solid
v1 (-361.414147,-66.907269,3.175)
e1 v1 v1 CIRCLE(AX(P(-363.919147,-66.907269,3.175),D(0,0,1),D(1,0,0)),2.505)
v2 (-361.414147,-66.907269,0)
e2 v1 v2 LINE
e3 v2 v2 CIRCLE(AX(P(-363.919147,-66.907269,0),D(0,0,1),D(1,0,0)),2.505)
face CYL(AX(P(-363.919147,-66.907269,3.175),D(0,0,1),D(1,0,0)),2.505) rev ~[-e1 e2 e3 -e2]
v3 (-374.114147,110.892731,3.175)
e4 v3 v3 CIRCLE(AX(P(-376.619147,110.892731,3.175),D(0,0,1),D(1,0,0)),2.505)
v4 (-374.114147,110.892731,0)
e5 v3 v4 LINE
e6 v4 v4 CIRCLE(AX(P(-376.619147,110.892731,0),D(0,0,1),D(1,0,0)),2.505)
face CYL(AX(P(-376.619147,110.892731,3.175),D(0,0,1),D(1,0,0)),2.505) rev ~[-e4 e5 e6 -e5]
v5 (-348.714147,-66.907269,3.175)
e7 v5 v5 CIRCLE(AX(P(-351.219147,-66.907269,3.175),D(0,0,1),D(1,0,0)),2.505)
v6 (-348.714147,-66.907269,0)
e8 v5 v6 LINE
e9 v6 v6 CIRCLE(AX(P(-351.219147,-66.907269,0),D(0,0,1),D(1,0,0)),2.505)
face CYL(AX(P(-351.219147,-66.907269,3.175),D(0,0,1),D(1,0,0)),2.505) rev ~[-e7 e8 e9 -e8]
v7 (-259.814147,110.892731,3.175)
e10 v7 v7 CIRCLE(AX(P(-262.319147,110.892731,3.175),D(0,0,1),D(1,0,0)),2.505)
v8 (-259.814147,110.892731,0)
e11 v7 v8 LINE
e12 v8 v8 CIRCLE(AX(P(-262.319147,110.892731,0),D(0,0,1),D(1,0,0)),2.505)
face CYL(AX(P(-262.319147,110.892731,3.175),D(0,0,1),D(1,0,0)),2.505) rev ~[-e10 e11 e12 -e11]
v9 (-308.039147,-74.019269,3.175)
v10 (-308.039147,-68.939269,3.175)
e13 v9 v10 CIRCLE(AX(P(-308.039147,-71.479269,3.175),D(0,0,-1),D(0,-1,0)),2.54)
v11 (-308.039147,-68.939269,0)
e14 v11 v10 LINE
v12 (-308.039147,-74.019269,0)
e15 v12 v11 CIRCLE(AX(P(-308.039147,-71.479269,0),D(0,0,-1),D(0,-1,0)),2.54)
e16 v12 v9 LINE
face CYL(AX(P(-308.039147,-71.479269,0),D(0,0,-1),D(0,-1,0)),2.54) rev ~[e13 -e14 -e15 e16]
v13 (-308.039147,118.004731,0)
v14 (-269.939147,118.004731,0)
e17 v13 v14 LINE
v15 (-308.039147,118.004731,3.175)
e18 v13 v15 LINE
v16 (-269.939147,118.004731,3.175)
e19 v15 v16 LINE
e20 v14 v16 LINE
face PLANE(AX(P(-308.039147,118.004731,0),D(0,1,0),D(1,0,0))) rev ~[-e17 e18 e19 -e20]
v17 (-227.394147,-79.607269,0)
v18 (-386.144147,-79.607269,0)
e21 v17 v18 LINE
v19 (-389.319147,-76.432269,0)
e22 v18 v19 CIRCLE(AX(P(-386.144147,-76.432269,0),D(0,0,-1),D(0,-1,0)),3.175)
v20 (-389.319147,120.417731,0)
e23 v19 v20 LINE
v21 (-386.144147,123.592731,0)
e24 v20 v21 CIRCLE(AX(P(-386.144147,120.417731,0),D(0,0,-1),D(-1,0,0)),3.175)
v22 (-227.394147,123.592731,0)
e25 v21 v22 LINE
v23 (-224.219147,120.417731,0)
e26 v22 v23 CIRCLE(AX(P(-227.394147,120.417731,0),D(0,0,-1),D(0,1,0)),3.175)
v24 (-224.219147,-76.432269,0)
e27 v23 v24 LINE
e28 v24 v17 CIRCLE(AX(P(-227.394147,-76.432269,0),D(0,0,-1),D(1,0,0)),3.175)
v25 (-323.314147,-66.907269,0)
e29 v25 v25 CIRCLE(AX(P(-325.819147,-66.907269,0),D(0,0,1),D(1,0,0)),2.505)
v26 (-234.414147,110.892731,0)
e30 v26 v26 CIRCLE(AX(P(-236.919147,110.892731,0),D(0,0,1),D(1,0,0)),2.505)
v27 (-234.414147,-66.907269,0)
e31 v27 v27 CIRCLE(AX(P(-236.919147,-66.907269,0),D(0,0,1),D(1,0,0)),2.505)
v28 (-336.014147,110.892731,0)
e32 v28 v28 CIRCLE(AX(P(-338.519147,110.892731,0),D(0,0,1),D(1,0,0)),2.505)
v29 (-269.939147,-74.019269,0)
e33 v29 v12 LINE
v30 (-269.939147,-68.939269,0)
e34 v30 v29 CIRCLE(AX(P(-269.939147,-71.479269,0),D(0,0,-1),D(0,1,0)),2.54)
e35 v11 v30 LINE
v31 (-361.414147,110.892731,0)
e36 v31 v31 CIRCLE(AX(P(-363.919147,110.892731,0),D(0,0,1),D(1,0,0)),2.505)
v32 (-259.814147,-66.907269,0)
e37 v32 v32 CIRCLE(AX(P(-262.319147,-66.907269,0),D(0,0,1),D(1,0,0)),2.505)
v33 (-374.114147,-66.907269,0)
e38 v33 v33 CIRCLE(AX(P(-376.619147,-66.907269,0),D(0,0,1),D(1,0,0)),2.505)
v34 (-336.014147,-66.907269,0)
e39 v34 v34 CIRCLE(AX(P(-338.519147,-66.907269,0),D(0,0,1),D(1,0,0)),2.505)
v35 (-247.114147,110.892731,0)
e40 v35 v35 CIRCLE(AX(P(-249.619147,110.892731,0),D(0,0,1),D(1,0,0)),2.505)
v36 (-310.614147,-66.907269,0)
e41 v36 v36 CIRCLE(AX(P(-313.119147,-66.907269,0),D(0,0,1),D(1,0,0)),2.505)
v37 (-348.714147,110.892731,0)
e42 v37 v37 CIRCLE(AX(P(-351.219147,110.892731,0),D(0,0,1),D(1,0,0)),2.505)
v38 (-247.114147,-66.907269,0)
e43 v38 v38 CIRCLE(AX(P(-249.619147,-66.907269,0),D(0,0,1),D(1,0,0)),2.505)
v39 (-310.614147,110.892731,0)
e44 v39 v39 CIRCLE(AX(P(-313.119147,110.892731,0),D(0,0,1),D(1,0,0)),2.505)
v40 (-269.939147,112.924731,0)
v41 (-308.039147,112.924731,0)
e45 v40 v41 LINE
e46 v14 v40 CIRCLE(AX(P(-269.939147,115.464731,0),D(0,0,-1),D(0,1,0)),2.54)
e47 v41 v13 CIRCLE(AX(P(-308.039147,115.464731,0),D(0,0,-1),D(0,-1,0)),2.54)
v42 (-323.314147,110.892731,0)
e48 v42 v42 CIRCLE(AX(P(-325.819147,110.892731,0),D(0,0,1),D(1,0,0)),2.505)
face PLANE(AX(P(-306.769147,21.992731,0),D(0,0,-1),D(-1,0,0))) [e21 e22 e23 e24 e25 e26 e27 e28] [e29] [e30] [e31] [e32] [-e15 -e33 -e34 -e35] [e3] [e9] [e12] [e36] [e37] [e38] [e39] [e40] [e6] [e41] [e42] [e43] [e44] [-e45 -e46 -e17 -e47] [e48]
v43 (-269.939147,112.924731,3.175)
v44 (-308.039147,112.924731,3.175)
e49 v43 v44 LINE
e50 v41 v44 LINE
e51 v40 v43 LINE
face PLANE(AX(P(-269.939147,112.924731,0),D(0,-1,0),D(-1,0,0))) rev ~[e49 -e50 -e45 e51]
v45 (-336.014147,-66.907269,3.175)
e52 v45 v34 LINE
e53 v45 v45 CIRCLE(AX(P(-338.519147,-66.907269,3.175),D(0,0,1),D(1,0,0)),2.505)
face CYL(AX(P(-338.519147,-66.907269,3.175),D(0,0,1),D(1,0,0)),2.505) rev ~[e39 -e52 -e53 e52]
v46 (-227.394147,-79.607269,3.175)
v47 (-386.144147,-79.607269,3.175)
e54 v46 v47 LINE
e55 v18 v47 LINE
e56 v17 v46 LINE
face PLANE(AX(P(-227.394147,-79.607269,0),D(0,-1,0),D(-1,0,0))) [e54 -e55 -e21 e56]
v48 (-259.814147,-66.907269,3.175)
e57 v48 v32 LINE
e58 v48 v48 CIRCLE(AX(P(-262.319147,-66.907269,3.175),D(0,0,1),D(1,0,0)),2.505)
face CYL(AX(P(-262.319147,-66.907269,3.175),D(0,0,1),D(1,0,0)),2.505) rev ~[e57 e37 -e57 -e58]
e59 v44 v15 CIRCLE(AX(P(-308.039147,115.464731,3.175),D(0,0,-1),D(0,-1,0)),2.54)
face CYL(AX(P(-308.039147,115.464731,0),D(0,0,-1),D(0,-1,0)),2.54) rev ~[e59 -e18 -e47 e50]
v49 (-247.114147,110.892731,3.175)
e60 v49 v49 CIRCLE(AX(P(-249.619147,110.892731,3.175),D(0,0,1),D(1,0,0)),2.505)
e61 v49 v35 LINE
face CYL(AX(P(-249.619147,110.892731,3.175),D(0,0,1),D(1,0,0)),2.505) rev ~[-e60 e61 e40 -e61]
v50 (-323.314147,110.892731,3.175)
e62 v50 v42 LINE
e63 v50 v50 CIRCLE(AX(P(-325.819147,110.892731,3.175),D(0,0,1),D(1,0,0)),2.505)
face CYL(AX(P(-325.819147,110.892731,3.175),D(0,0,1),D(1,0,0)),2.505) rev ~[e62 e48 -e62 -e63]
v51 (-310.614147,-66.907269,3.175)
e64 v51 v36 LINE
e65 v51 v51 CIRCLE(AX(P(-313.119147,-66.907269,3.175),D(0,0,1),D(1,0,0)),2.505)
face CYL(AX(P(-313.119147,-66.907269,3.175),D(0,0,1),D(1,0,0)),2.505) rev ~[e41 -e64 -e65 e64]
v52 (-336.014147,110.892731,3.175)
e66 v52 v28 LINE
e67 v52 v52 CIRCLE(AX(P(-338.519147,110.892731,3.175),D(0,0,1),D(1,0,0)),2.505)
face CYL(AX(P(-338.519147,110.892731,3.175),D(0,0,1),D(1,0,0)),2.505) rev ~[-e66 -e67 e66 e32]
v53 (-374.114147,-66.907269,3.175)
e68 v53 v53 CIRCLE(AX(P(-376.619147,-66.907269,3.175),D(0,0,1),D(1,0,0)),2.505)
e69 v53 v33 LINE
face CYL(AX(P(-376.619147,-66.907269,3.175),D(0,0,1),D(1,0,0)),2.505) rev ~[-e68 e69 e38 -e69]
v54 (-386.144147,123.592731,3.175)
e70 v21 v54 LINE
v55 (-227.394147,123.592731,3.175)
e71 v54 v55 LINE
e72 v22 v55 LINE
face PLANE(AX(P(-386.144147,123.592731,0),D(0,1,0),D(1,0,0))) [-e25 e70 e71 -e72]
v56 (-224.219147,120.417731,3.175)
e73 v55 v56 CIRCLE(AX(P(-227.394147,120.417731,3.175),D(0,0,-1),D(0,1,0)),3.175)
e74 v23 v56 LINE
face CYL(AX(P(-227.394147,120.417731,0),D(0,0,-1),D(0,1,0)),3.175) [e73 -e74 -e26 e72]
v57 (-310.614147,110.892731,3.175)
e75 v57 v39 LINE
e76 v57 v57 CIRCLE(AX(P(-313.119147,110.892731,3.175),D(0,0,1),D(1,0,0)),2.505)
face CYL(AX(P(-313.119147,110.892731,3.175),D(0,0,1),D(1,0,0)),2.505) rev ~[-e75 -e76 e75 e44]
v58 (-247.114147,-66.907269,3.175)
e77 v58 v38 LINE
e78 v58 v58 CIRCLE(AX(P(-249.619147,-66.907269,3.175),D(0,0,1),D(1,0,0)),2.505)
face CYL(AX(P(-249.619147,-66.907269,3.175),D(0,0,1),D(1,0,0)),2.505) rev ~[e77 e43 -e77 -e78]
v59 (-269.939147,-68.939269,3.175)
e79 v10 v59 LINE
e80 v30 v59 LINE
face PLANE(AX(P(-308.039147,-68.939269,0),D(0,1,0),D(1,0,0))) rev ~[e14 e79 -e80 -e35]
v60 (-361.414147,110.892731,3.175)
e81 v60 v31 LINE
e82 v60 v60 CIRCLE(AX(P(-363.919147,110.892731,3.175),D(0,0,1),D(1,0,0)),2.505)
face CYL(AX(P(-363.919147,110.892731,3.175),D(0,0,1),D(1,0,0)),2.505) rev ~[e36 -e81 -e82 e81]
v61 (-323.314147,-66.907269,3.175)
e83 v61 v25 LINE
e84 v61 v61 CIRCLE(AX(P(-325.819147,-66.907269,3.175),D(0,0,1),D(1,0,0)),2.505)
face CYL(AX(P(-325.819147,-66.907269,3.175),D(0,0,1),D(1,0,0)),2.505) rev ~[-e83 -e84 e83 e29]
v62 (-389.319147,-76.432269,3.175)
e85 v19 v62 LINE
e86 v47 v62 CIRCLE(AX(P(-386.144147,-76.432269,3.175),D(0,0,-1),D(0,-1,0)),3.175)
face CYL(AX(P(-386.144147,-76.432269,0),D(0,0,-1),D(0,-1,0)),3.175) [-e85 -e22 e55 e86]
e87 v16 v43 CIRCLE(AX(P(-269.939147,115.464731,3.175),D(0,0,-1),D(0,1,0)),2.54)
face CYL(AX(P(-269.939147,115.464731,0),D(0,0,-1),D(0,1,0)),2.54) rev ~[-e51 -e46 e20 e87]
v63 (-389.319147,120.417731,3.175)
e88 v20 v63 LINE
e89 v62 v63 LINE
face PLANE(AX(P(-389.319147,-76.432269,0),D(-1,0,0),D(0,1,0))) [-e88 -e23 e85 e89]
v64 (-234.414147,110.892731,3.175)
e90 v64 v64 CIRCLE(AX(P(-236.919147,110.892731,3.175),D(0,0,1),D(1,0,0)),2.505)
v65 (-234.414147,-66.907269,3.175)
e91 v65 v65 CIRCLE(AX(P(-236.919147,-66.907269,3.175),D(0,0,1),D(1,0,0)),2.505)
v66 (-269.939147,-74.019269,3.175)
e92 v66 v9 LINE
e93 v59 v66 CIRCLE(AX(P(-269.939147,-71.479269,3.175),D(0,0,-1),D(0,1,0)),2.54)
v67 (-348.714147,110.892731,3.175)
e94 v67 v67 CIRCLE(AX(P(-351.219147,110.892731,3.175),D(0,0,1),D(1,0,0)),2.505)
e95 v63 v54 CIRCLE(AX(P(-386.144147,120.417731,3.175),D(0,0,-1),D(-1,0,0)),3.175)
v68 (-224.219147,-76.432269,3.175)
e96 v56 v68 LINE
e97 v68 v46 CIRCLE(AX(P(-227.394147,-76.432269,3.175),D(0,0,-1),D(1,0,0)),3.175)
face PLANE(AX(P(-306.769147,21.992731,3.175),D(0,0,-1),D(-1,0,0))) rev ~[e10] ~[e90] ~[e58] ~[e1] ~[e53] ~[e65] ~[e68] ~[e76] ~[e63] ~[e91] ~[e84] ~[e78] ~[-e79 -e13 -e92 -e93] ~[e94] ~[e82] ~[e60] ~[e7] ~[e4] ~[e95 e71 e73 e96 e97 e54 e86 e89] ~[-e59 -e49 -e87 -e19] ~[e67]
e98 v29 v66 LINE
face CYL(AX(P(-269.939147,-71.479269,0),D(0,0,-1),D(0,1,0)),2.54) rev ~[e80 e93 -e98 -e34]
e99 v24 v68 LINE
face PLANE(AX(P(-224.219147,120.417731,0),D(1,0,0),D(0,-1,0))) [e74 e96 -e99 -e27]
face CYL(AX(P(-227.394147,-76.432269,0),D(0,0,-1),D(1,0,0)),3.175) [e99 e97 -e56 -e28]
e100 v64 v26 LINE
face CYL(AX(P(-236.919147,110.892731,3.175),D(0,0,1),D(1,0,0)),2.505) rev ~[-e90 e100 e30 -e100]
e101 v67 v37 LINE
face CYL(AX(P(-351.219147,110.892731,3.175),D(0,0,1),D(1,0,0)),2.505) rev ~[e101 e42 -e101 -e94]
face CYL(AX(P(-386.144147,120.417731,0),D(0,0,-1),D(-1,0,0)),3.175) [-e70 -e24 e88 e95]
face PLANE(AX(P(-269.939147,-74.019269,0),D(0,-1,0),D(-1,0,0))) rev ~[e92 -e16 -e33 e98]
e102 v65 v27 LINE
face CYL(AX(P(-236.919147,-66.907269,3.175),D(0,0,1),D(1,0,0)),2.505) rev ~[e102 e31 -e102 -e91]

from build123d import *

# Parameters (mm, degrees)
BOSS_EXTRUDE1_DEPTH = 3.175
SKETCH3_R           = 2.505
CUT_EXTRUDE4_DEPTH  = 4.175


with BuildPart() as part:
    # Sketch1 → Boss-Extrude1 (new body)
    with BuildSketch(Plane.XY):
        with BuildLine():
            Line((-227.394146502, -79.607268705), (-386.144146502, -79.607268705))
            ThreePointArc((-386.144146502, -79.607268705), (-388.389210532, -78.677332735), (-389.319146502, -76.432268705))
            Line((-389.319146502, -76.432268705), (-389.319146502, 120.417731295))
            ThreePointArc((-389.319146502, 120.417731295), (-388.389210532, 122.662795325), (-386.144146502, 123.592731295))
            Line((-386.144146502, 123.592731295), (-227.394146502, 123.592731295))
            ThreePointArc((-227.394146502, 123.592731295), (-225.149082471, 122.662795325), (-224.219146502, 120.417731295))
            Line((-224.219146502, 120.417731295), (-224.219146502, -76.432268705))
            ThreePointArc((-224.219146502, -76.432268705), (-225.149082471, -78.677332735), (-227.394146502, -79.607268705))
        make_face()
        with BuildLine():
            Line((-308.039146502, 118.004731295), (-269.939146502, 118.004731295))
            ThreePointArc((-269.939146502, 118.004731295), (-267.399146502, 115.464731295), (-269.939146502, 112.924731295))
            Line((-269.939146502, 112.924731295), (-308.039146502, 112.924731295))
            ThreePointArc((-308.039146502, 112.924731295), (-310.579146502, 115.464731295), (-308.039146502, 118.004731295))
        make_face(mode=Mode.SUBTRACT)
        with BuildLine():
            Line((-308.039146502, -68.939268705), (-269.939146502, -68.939268705))
            ThreePointArc((-269.939146502, -68.939268705), (-267.399146502, -71.479268705), (-269.939146502, -74.019268705))
            Line((-269.939146502, -74.019268705), (-308.039146502, -74.019268705))
            ThreePointArc((-308.039146502, -74.019268705), (-310.579146502, -71.479268705), (-308.039146502, -68.939268705))
        make_face(mode=Mode.SUBTRACT)
    extrude(amount=BOSS_EXTRUDE1_DEPTH)

    # Sketch3 → Cut-Extrude4 (cut, through all)
    with BuildSketch(Plane.XY.offset(3.175)):
        with Locations((-376.619146502, 110.892731295)):
            Circle(SKETCH3_R)
        with Locations((-376.619146502, -66.907268705)):
            Circle(SKETCH3_R)
        with Locations((-363.919146502, 110.892731295)):
            Circle(SKETCH3_R)
        with Locations((-363.919146502, -66.907268705)):
            Circle(SKETCH3_R)
        with Locations((-351.219146502, 110.892731295)):
            Circle(SKETCH3_R)
        with Locations((-351.219146502, -66.907268705)):
            Circle(SKETCH3_R)
        with Locations((-338.519146502, 110.892731295)):
            Circle(SKETCH3_R)
        with Locations((-338.519146502, -66.907268705)):
            Circle(SKETCH3_R)
        with Locations((-325.819146502, 110.892731295)):
            Circle(SKETCH3_R)
        with Locations((-325.819146502, -66.907268705)):
            Circle(SKETCH3_R)
        with Locations((-313.119146502, 110.892731295)):
            Circle(SKETCH3_R)
        with Locations((-313.119146502, -66.907268705)):
            Circle(SKETCH3_R)
        with Locations((-236.919146502, 110.892731295)):
            Circle(SKETCH3_R)
        with Locations((-236.919146502, -66.907268705)):
            Circle(SKETCH3_R)
        with Locations((-249.619146502, -66.907268705)):
            Circle(SKETCH3_R)
        with Locations((-249.619146502, 110.892731295)):
            Circle(SKETCH3_R)
        with Locations((-262.319146502, -66.907268705)):
            Circle(SKETCH3_R)
        with Locations((-262.319146502, 110.892731295)):
            Circle(SKETCH3_R)
    extrude(amount=-CUT_EXTRUDE4_DEPTH, mode=Mode.SUBTRACT)


solid = part.part
